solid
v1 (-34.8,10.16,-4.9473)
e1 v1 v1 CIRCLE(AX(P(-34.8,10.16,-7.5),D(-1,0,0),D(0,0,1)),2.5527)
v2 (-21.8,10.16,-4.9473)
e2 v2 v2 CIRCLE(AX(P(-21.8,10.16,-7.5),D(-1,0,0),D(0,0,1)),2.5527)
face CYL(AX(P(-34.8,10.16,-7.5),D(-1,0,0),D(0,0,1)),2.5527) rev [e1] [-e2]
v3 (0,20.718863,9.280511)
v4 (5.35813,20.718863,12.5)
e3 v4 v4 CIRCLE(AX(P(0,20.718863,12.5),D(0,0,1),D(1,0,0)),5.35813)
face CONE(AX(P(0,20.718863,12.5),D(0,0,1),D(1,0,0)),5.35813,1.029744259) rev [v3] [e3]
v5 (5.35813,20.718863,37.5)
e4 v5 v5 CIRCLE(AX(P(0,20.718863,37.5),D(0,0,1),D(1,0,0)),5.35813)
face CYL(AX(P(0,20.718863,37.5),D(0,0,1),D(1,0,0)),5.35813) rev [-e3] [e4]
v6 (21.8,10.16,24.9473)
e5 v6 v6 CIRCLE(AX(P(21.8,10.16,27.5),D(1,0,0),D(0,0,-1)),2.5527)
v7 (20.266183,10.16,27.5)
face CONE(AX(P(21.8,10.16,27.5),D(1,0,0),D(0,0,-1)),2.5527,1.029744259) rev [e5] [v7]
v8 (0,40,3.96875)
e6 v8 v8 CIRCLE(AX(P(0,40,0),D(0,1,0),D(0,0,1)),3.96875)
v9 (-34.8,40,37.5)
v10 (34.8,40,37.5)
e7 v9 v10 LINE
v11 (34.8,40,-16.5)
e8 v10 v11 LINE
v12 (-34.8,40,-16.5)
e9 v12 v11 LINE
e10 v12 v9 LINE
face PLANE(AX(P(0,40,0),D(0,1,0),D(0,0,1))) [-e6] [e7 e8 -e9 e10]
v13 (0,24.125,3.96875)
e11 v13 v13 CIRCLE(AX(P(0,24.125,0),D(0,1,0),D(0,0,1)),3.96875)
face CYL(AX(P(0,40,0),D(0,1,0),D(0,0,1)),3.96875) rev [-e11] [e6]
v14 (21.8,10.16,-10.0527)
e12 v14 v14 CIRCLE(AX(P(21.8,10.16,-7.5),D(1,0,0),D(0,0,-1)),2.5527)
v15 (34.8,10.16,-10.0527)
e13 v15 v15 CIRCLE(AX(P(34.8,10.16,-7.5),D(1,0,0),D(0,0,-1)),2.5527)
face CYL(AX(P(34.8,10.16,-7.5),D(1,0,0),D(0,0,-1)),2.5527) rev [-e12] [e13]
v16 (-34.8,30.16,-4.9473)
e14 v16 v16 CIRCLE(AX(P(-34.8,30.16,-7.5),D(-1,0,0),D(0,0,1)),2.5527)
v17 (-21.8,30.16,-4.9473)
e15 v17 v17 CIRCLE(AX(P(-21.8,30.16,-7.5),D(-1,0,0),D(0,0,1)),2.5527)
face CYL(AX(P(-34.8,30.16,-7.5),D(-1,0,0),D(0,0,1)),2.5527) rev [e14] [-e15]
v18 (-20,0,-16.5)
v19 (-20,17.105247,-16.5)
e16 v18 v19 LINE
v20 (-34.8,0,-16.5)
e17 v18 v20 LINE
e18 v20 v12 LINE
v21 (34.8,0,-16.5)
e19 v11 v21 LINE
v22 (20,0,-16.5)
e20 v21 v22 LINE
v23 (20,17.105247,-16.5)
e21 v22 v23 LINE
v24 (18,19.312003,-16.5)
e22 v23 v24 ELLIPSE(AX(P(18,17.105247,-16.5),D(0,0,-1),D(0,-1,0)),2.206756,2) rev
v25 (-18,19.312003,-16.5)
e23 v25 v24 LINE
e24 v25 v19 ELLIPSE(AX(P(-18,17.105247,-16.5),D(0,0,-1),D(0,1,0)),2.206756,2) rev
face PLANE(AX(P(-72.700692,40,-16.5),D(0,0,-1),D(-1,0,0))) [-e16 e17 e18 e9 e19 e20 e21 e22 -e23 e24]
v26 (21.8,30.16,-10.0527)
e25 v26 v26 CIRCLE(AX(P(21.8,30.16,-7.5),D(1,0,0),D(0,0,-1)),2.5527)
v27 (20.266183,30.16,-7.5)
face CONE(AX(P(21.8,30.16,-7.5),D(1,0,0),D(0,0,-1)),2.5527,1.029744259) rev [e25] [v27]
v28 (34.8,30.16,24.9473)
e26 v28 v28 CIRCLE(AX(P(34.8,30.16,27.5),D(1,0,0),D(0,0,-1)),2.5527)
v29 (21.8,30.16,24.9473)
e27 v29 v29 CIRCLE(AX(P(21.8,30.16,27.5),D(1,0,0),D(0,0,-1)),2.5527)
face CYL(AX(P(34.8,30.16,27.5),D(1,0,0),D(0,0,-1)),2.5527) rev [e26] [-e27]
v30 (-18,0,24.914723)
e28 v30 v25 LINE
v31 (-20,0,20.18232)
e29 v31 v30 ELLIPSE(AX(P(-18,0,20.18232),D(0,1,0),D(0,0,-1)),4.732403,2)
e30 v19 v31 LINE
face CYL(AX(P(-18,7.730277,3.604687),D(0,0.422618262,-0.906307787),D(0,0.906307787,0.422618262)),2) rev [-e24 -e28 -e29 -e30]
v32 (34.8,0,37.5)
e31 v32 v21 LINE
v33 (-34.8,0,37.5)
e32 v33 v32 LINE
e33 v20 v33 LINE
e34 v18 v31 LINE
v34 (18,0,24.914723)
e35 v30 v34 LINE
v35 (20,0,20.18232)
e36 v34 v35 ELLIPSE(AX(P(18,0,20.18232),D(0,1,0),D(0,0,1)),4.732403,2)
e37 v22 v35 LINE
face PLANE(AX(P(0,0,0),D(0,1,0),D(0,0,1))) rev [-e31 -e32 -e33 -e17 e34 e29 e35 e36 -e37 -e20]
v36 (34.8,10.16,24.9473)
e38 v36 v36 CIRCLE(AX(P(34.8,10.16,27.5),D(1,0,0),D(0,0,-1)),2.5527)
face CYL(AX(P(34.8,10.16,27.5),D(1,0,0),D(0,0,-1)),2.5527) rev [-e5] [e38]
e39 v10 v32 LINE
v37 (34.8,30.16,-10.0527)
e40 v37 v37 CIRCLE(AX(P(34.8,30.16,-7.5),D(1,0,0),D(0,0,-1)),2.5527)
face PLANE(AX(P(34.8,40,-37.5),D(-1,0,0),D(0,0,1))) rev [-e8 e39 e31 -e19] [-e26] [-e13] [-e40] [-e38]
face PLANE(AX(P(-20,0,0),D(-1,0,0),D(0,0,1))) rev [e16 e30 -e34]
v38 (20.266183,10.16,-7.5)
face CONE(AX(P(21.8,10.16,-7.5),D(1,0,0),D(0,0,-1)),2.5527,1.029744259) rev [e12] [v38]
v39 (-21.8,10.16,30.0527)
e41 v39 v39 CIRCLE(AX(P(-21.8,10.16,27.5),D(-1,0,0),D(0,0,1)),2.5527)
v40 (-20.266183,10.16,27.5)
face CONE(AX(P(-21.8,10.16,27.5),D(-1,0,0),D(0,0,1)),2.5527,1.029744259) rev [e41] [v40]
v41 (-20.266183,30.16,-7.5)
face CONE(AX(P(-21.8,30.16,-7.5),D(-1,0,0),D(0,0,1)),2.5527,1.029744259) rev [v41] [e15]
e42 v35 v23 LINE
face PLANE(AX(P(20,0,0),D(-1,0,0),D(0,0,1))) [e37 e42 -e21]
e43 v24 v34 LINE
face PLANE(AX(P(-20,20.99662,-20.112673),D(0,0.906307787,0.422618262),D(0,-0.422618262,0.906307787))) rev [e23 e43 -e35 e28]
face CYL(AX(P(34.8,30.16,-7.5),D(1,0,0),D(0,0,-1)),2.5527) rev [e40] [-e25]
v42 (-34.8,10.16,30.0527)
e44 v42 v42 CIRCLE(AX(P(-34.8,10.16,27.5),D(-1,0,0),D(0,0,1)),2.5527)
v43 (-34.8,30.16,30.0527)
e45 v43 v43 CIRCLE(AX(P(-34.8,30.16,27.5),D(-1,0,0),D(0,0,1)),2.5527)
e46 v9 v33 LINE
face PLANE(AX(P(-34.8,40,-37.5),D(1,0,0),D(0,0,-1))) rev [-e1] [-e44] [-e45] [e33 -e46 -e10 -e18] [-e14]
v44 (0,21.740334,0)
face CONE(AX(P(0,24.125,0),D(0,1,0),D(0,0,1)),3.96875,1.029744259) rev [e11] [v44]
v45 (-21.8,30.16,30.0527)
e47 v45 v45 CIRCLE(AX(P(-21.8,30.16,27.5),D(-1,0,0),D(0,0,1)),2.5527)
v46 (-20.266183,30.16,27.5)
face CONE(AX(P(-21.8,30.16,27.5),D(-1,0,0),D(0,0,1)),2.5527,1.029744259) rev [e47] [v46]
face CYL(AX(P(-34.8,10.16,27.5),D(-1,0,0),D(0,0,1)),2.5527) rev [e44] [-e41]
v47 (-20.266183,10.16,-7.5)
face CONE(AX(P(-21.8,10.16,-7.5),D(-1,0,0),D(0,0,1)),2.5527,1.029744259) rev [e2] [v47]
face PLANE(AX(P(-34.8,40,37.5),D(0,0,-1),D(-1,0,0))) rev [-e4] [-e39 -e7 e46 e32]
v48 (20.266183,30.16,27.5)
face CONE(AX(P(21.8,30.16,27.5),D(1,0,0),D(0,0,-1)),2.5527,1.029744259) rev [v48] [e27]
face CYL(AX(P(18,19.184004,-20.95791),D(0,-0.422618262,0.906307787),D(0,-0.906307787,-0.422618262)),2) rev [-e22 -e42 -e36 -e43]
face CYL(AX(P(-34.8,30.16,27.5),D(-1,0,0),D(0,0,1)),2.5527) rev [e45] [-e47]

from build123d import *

# Parameters (mm, degrees)
SKETCH1_W                        = 69.6
SKETCH1_H                        = 75
BOSS_EXTRUDE1_DEPTH              = 40
SKETCH3_W                        = 126.991899018
SKETCH3_H                        = 42.64725952
CUT_EXTRUDE2_DEPTH               = 41
F_3_8_16_TAPPED_HOLE1_D          = 7.9375
F_3_8_16_TAPPED_HOLE1_DEPTH      = 15.875
F_3_8_16_TAPPED_HOLE1_TIP        = 2.384665582
F_1_4_20_TAPPED_HOLE1_AT_2_COUNT = 2
F_1_4_20_TAPPED_HOLE1_AT_2_PITCH = 20
F_1_4_20_TAPPED_HOLE1_AT_3_COUNT = 2
F_1_4_20_TAPPED_HOLE1_AT_3_PITCH = 40.311288741
F_1_4_20_TAPPED_HOLE1_AT_4_COUNT = 2
F_1_4_20_TAPPED_HOLE1_AT_4_PITCH = 35
CUT_EXTRUDE3_DEPTH               = 20
F_1_2_13_TAPPED_HOLE1_D          = 10.71626
F_1_2_13_TAPPED_HOLE1_DEPTH      = 25
F_1_2_13_TAPPED_HOLE1_TIP        = 3.219489309
FILLET1_R                        = 2


with BuildPart() as part:
    # Sketch1 → Boss-Extrude1 (new body)
    with BuildSketch(Plane(origin=(0, 0, 0), x_dir=(1, 0, 0), z_dir=(0, 1, 0))):
        Rectangle(SKETCH1_W, SKETCH1_H)
    extrude(amount=BOSS_EXTRUDE1_DEPTH)

    # Sketch3 → Cut-Extrude2 (cut, through all)
    with BuildSketch(Plane(origin=(0, 0, 0), x_dir=(1, 0, 0), z_dir=(0, 1, 0))):
        with Locations((-9.204742755, 37.82362976)):
            Rectangle(SKETCH3_W, SKETCH3_H)
    extrude(amount=CUT_EXTRUDE2_DEPTH, mode=Mode.SUBTRACT)

    # 3/8-16 Tapped Hole1
    with Locations(Plane(origin=(0, 40, 0), x_dir=(1, 0, 0), z_dir=(0, 1, 0))):
        with Locations((0, 0)):
            Hole(F_3_8_16_TAPPED_HOLE1_D / 2, depth=F_3_8_16_TAPPED_HOLE1_DEPTH)
            with Locations((0, 0, -(F_3_8_16_TAPPED_HOLE1_DEPTH + F_3_8_16_TAPPED_HOLE1_TIP / 2))):  # 118° drill point
                Cone(0, F_3_8_16_TAPPED_HOLE1_D / 2, F_3_8_16_TAPPED_HOLE1_TIP, mode=Mode.SUBTRACT)

    # Sketch10 → 1/4-20 Tapped Hole1 (revolve, cut)
    with BuildSketch(Plane(origin=(34.8, 30.16, -7.5), x_dir=(0, 0, -1), z_dir=(0, 1, 0))):
        Polygon((0, 0), (0, 14.533816902), (2.5527, 13), (2.5527, 0), align=None)
    f_1_4_20_tapped_hole1 = revolve(axis=Axis((41.15, 30.16, -7.5), (-1, 0, 0)), mode=Mode.SUBTRACT)

    # 1/4-20 Tapped Hole1 at 2: 1/4-20 Tapped Hole1 ×2
    with Locations(*[(0, -i * F_1_4_20_TAPPED_HOLE1_AT_2_PITCH, 0) for i in range(1, F_1_4_20_TAPPED_HOLE1_AT_2_COUNT)]):
        add(f_1_4_20_tapped_hole1, mode=Mode.SUBTRACT)

    # 1/4-20 Tapped Hole1 at 3: 1/4-20 Tapped Hole1 ×2
    with Locations(*[Vector(0, -0.496138938, 0.868243142) * (i * F_1_4_20_TAPPED_HOLE1_AT_3_PITCH) for i in range(1, F_1_4_20_TAPPED_HOLE1_AT_3_COUNT)]):
        add(f_1_4_20_tapped_hole1, mode=Mode.SUBTRACT)

    # 1/4-20 Tapped Hole1 at 4: 1/4-20 Tapped Hole1 ×2
    with Locations(*[(0, 0, i * F_1_4_20_TAPPED_HOLE1_AT_4_PITCH) for i in range(1, F_1_4_20_TAPPED_HOLE1_AT_4_COUNT)]):
        add(f_1_4_20_tapped_hole1, mode=Mode.SUBTRACT)

    # Mirror1: 1/4-20 Tapped Hole1 across plane
    add(f_1_4_20_tapped_hole1.mirror(Plane(origin=(0, 0, 0), x_dir=(0, 0, 1), z_dir=(1, 0, 0))), mode=Mode.SUBTRACT)

    # Mirror1 copy 1 sketch → Mirror1 copy 1 (revolve, cut)
    with BuildSketch(Plane(origin=(-34.8, 10.16, -7.5), x_dir=(0, 0, -1), z_dir=(0, 1, 0))):
        Polygon((0, 0), (0, -14.533816902), (2.5527, -13), (2.5527, 0), align=None)
    revolve(axis=Axis((-41.15, 10.16, -7.5), (-1, 0, 0)), mode=Mode.SUBTRACT)

    # Mirror1 copy 2 sketch → Mirror1 copy 2 (revolve, cut)
    with BuildSketch(Plane(origin=(-34.8, 10.16, 27.5), x_dir=(0, 0, -1), z_dir=(0, 1, 0))):
        Polygon((0, 0), (0, -14.533816902), (2.5527, -13), (2.5527, 0), align=None)
    revolve(axis=Axis((-41.15, 10.16, 27.5), (-1, 0, 0)), mode=Mode.SUBTRACT)

    # Mirror1 copy 3 sketch → Mirror1 copy 3 (revolve, cut)
    with BuildSketch(Plane(origin=(-34.8, 30.16, 27.5), x_dir=(0, 0, -1), z_dir=(0, 1, 0))):
        Polygon((0, 0), (0, -14.533816902), (2.5527, -13), (2.5527, 0), align=None)
    revolve(axis=Axis((-41.15, 30.16, 27.5), (-1, 0, 0)), mode=Mode.SUBTRACT)

    # Sketch11 → Cut-Extrude3 (cut, symmetric)
    with BuildSketch(Plane(origin=(0, 0, 0), x_dir=(0, 0, -1), z_dir=(1, 0, 0))):
        Polygon((20.112673013, 20.996619633), (-33.5, -4.003380367), (20.112673013, -4.003380367), align=None)
    extrude(amount=CUT_EXTRUDE3_DEPTH, both=True, mode=Mode.SUBTRACT)

    # 1/2-13 Tapped Hole1
    with Locations(Plane.XY.offset(37.5)):
        with Locations((0, 20.718863156)):
            Hole(F_1_2_13_TAPPED_HOLE1_D / 2, depth=F_1_2_13_TAPPED_HOLE1_DEPTH)
            with Locations((0, 0, -(F_1_2_13_TAPPED_HOLE1_DEPTH + F_1_2_13_TAPPED_HOLE1_TIP / 2))):  # 118° drill point
                Cone(0, F_1_2_13_TAPPED_HOLE1_D / 2, F_1_2_13_TAPPED_HOLE1_TIP, mode=Mode.SUBTRACT)

    # Fillet1
    fillet1_edges = [part.edges().sort_by_distance(p)[0] for p in [
        (-20, 9.65600127, 4.207361549),
        (20, 9.65600127, 4.207361549),
    ]]
    fillet(fillet1_edges, radius=FILLET1_R)


solid = part.part
